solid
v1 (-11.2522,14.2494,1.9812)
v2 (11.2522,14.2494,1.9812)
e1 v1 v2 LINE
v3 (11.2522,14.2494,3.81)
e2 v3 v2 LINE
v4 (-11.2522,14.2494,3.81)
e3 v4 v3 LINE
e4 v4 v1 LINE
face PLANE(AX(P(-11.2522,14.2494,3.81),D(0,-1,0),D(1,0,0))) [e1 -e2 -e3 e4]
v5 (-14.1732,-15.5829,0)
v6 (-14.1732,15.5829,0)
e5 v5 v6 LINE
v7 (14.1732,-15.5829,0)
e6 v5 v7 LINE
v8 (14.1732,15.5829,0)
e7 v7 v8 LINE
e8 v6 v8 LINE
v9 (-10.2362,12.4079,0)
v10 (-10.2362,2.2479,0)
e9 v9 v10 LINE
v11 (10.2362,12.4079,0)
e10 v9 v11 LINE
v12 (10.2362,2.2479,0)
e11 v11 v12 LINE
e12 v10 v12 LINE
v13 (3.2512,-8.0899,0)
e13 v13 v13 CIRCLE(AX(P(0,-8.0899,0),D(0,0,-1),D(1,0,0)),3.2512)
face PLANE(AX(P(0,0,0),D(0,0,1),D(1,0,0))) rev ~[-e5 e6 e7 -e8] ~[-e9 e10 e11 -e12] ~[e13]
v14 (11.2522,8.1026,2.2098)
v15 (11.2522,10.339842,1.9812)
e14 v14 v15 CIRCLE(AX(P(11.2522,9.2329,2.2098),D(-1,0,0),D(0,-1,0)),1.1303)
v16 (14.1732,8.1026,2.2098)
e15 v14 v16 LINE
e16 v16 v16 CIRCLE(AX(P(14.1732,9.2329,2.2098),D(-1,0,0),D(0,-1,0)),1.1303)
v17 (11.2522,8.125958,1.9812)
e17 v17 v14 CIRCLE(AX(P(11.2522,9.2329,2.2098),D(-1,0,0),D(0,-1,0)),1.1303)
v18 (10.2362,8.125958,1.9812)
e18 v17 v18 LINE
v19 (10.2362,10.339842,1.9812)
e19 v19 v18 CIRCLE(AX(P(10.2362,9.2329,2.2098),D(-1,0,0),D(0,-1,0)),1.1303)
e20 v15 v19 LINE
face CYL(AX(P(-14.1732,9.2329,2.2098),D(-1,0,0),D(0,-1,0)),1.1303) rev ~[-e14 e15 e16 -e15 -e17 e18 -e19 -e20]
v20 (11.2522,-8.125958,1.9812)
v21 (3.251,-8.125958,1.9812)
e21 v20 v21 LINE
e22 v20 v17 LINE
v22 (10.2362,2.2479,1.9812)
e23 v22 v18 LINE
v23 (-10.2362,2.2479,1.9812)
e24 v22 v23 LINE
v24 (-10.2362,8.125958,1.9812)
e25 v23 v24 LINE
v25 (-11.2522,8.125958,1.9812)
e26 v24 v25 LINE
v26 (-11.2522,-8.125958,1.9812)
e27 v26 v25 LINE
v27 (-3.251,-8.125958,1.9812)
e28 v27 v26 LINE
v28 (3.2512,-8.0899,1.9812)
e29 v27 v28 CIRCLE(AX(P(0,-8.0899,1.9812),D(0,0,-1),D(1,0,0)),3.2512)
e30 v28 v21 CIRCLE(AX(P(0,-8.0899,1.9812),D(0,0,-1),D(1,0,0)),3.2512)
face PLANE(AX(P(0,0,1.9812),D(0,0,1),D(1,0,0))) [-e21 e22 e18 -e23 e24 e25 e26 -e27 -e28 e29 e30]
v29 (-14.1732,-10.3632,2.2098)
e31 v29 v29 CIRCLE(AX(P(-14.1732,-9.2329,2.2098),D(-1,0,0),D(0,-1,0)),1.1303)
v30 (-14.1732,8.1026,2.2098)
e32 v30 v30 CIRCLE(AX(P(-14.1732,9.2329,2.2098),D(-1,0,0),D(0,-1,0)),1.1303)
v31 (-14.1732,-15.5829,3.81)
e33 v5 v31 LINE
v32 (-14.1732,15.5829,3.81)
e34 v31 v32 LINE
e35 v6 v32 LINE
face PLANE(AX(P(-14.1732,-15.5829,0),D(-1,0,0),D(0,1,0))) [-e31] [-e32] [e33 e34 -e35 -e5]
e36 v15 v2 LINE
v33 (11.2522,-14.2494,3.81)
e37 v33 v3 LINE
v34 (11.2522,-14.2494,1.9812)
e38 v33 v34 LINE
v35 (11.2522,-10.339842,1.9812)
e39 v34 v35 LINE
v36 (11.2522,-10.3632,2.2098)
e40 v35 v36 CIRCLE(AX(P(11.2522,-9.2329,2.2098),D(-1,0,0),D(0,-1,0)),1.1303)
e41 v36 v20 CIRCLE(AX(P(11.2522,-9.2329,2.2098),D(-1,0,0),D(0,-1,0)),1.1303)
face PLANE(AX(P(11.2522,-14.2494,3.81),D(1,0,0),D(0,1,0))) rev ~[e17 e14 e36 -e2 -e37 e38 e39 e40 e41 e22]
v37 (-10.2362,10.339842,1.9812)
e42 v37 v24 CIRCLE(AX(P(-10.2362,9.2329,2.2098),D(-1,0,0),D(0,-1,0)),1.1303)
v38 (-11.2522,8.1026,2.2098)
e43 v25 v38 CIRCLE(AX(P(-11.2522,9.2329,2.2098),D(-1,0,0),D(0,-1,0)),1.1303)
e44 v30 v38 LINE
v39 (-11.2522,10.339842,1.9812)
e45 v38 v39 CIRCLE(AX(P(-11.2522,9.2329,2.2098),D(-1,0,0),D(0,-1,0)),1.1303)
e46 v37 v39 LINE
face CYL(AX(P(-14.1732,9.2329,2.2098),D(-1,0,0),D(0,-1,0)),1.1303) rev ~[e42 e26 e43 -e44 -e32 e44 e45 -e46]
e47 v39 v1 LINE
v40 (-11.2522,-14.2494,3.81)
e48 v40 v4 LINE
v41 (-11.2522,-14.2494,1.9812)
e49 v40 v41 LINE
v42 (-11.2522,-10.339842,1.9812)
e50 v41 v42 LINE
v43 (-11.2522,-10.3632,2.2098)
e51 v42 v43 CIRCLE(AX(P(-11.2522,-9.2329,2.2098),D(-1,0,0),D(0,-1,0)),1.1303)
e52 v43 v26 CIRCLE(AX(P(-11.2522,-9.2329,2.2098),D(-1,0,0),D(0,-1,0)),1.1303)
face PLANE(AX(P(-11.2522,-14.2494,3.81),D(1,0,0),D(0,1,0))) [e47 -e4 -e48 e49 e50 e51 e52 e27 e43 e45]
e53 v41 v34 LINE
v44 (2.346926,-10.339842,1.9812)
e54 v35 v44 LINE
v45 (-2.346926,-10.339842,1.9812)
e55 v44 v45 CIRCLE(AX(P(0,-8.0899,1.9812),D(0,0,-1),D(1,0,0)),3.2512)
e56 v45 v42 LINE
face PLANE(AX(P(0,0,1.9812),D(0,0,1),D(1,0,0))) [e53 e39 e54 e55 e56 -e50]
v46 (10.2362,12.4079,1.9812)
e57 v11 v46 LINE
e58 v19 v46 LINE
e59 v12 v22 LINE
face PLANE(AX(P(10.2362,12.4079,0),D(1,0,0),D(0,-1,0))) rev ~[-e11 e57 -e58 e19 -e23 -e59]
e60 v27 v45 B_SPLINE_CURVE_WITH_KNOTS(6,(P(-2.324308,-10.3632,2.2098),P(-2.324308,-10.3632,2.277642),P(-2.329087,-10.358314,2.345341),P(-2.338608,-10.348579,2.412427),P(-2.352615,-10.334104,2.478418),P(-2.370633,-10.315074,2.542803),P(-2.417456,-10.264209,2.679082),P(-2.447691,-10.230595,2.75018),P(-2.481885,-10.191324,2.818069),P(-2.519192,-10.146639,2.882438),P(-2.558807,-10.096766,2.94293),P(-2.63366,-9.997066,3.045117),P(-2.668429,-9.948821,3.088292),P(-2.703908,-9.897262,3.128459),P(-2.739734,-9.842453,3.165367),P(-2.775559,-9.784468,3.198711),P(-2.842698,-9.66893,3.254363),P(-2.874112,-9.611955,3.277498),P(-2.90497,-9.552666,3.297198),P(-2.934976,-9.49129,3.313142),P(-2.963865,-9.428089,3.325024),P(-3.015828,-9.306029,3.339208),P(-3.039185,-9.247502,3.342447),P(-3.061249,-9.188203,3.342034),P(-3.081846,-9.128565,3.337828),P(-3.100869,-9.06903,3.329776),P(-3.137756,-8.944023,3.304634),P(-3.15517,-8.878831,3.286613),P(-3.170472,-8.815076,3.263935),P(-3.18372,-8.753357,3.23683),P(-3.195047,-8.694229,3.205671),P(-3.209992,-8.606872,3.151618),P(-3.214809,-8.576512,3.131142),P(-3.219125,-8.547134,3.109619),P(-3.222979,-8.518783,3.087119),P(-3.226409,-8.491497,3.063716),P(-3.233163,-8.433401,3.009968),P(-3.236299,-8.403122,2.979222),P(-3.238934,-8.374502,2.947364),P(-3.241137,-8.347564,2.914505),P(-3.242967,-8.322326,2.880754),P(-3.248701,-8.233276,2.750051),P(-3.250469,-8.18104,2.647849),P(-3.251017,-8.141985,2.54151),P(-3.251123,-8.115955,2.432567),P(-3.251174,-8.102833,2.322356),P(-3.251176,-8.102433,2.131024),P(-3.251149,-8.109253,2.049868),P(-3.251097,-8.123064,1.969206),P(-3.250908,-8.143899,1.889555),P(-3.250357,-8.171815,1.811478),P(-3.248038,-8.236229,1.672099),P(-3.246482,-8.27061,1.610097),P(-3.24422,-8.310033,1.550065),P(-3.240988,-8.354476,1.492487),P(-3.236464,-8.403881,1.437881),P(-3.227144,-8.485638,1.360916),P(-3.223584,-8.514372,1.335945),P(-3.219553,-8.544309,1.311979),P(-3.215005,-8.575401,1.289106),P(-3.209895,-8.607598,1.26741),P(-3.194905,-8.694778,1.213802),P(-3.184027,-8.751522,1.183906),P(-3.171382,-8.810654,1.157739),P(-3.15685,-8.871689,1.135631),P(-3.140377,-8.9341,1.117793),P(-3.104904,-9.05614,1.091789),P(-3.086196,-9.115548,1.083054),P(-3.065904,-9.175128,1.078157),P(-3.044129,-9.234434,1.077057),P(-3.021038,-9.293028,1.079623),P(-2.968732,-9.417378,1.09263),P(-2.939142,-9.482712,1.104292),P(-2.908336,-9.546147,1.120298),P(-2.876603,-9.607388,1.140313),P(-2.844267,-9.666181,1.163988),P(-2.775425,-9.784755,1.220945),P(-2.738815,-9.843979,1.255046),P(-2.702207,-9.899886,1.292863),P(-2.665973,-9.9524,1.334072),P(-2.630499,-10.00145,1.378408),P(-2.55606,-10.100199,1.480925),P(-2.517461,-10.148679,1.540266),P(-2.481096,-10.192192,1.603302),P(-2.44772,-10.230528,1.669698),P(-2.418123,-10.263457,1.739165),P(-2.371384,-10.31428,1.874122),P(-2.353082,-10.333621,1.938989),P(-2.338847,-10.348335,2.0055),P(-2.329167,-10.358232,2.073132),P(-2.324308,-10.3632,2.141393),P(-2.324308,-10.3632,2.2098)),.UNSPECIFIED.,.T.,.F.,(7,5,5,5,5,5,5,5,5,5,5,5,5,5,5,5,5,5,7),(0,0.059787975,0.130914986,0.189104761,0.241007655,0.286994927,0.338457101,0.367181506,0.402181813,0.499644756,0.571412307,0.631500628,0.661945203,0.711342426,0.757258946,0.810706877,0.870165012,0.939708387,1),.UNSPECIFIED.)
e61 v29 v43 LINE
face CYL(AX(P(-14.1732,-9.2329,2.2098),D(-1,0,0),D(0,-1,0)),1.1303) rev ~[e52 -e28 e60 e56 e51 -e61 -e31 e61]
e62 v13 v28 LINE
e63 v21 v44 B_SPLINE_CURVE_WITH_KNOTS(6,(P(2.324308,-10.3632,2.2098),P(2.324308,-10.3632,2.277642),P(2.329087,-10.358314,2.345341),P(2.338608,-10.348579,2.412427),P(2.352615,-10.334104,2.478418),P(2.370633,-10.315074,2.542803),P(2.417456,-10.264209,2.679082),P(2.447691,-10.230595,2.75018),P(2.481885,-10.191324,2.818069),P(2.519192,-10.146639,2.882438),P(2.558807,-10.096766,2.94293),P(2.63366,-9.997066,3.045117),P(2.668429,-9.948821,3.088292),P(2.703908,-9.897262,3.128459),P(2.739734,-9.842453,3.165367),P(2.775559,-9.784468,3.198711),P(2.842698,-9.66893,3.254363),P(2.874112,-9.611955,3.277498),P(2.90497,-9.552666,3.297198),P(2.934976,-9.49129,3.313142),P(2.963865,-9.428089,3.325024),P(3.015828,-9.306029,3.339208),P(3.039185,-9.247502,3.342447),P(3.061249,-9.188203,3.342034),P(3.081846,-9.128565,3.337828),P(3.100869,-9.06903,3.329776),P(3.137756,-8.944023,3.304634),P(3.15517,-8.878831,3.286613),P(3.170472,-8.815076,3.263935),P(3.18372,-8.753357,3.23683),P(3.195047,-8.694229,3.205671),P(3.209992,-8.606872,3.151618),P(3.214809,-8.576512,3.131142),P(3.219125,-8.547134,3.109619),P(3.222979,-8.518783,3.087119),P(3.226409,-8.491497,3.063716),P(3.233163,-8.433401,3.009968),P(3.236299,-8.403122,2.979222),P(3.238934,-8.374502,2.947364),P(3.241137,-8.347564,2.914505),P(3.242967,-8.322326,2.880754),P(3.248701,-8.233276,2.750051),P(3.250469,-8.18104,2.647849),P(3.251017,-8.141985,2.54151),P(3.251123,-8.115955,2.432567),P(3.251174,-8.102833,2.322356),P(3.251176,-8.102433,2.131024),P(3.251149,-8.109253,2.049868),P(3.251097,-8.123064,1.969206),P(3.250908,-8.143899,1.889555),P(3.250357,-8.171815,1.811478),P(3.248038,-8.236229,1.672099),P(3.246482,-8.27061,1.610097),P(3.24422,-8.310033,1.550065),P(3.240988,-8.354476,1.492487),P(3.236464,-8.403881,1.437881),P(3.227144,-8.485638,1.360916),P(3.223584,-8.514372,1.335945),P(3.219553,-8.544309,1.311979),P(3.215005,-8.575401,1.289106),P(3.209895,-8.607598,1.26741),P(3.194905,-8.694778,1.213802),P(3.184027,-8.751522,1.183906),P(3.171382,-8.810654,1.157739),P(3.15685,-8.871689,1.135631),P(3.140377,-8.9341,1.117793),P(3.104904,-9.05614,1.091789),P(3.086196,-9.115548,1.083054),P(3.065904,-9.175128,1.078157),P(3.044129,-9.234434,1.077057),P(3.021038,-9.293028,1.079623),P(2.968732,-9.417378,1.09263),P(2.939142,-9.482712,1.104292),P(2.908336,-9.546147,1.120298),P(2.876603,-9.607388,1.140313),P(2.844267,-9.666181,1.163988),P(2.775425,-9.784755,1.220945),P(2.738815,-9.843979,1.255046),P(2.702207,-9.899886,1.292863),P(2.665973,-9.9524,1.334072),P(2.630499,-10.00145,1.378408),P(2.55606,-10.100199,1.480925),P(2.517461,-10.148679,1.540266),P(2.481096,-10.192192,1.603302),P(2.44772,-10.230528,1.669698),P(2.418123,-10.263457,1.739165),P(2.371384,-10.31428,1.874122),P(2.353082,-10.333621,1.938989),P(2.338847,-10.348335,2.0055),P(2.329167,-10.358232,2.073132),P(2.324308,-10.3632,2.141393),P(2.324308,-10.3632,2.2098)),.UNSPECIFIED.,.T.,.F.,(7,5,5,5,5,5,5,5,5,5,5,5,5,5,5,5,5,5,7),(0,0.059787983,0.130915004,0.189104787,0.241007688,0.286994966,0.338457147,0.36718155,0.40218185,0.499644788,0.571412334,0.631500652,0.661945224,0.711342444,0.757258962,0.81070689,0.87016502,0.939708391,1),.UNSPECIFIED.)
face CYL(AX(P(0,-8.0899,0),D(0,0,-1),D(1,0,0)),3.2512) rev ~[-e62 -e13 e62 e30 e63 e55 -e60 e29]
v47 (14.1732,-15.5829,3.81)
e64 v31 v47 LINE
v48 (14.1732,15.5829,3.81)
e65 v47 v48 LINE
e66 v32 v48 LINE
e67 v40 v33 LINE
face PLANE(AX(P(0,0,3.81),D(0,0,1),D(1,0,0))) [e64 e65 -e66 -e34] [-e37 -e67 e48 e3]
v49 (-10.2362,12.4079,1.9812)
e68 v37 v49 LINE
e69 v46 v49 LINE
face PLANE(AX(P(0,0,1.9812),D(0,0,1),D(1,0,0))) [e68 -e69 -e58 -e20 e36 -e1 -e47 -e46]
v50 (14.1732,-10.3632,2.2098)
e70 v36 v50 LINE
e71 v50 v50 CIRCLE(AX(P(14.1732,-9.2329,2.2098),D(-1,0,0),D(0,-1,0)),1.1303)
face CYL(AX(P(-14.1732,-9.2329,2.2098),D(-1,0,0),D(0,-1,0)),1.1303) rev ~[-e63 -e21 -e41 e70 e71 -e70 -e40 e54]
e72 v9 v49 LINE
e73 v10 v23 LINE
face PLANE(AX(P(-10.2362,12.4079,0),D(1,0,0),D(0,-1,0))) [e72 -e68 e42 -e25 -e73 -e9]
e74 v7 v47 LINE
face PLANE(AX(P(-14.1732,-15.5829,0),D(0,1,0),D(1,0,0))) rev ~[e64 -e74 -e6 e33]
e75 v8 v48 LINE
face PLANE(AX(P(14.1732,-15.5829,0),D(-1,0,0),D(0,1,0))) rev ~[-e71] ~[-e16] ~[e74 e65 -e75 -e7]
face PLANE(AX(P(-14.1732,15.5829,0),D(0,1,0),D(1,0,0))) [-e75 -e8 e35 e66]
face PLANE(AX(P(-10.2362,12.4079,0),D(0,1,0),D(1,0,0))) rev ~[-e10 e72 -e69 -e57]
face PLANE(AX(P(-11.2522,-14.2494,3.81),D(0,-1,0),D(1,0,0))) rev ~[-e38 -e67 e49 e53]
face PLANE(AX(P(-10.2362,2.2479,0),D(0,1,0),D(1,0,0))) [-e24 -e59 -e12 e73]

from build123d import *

# Parameters (mm, degrees)
F0_W     = 28.3464
F0_H     = 31.1658
F1_DEPTH = 3.81
F2_W     = 22.5044
F2_H     = 28.4988
F3_DEPTH = 1.8288
F4_R     = 1.1303
F5_DEPTH = 28.3474
F6_R     = 3.2512
F6_W     = 20.4724
F6_H     = 10.16
F7_DEPTH = 3.811


with BuildPart() as f1:
    # F0 (on Top) → F1 (new body)
    with BuildSketch(Plane.XY):
        Rectangle(F0_W, F0_H)
    extrude(amount=F1_DEPTH)

    # F2 (on face) → F3 (cut)
    with BuildSketch(Plane.XY.offset(3.81)):
        Rectangle(F2_W, F2_H)
    extrude(amount=-F3_DEPTH, mode=Mode.SUBTRACT)

    # F4 (on face) → F5 (cut, through all)
    with BuildSketch(Plane(origin=(-14.1732, 0, 0), x_dir=(0, -1, 0), z_dir=(-1, 0, 0))):
        with Locations((9.2329, 2.2098)):
            Circle(F4_R)
        with Locations((-9.2329, 2.2098)):
            Circle(F4_R)
    extrude(amount=-F5_DEPTH, mode=Mode.SUBTRACT)

    # F6 (on face) → F7 (cut, through all)
    with BuildSketch(Plane(origin=(0, 0, 0), x_dir=(1, 0, 0), z_dir=(0, 0, -1))):
        with Locations((0, 8.0899)):
            Circle(F6_R)
        with Locations((0, -7.3279)):
            Rectangle(F6_W, F6_H)
    extrude(amount=-F7_DEPTH, mode=Mode.SUBTRACT)


solid = f1.part
